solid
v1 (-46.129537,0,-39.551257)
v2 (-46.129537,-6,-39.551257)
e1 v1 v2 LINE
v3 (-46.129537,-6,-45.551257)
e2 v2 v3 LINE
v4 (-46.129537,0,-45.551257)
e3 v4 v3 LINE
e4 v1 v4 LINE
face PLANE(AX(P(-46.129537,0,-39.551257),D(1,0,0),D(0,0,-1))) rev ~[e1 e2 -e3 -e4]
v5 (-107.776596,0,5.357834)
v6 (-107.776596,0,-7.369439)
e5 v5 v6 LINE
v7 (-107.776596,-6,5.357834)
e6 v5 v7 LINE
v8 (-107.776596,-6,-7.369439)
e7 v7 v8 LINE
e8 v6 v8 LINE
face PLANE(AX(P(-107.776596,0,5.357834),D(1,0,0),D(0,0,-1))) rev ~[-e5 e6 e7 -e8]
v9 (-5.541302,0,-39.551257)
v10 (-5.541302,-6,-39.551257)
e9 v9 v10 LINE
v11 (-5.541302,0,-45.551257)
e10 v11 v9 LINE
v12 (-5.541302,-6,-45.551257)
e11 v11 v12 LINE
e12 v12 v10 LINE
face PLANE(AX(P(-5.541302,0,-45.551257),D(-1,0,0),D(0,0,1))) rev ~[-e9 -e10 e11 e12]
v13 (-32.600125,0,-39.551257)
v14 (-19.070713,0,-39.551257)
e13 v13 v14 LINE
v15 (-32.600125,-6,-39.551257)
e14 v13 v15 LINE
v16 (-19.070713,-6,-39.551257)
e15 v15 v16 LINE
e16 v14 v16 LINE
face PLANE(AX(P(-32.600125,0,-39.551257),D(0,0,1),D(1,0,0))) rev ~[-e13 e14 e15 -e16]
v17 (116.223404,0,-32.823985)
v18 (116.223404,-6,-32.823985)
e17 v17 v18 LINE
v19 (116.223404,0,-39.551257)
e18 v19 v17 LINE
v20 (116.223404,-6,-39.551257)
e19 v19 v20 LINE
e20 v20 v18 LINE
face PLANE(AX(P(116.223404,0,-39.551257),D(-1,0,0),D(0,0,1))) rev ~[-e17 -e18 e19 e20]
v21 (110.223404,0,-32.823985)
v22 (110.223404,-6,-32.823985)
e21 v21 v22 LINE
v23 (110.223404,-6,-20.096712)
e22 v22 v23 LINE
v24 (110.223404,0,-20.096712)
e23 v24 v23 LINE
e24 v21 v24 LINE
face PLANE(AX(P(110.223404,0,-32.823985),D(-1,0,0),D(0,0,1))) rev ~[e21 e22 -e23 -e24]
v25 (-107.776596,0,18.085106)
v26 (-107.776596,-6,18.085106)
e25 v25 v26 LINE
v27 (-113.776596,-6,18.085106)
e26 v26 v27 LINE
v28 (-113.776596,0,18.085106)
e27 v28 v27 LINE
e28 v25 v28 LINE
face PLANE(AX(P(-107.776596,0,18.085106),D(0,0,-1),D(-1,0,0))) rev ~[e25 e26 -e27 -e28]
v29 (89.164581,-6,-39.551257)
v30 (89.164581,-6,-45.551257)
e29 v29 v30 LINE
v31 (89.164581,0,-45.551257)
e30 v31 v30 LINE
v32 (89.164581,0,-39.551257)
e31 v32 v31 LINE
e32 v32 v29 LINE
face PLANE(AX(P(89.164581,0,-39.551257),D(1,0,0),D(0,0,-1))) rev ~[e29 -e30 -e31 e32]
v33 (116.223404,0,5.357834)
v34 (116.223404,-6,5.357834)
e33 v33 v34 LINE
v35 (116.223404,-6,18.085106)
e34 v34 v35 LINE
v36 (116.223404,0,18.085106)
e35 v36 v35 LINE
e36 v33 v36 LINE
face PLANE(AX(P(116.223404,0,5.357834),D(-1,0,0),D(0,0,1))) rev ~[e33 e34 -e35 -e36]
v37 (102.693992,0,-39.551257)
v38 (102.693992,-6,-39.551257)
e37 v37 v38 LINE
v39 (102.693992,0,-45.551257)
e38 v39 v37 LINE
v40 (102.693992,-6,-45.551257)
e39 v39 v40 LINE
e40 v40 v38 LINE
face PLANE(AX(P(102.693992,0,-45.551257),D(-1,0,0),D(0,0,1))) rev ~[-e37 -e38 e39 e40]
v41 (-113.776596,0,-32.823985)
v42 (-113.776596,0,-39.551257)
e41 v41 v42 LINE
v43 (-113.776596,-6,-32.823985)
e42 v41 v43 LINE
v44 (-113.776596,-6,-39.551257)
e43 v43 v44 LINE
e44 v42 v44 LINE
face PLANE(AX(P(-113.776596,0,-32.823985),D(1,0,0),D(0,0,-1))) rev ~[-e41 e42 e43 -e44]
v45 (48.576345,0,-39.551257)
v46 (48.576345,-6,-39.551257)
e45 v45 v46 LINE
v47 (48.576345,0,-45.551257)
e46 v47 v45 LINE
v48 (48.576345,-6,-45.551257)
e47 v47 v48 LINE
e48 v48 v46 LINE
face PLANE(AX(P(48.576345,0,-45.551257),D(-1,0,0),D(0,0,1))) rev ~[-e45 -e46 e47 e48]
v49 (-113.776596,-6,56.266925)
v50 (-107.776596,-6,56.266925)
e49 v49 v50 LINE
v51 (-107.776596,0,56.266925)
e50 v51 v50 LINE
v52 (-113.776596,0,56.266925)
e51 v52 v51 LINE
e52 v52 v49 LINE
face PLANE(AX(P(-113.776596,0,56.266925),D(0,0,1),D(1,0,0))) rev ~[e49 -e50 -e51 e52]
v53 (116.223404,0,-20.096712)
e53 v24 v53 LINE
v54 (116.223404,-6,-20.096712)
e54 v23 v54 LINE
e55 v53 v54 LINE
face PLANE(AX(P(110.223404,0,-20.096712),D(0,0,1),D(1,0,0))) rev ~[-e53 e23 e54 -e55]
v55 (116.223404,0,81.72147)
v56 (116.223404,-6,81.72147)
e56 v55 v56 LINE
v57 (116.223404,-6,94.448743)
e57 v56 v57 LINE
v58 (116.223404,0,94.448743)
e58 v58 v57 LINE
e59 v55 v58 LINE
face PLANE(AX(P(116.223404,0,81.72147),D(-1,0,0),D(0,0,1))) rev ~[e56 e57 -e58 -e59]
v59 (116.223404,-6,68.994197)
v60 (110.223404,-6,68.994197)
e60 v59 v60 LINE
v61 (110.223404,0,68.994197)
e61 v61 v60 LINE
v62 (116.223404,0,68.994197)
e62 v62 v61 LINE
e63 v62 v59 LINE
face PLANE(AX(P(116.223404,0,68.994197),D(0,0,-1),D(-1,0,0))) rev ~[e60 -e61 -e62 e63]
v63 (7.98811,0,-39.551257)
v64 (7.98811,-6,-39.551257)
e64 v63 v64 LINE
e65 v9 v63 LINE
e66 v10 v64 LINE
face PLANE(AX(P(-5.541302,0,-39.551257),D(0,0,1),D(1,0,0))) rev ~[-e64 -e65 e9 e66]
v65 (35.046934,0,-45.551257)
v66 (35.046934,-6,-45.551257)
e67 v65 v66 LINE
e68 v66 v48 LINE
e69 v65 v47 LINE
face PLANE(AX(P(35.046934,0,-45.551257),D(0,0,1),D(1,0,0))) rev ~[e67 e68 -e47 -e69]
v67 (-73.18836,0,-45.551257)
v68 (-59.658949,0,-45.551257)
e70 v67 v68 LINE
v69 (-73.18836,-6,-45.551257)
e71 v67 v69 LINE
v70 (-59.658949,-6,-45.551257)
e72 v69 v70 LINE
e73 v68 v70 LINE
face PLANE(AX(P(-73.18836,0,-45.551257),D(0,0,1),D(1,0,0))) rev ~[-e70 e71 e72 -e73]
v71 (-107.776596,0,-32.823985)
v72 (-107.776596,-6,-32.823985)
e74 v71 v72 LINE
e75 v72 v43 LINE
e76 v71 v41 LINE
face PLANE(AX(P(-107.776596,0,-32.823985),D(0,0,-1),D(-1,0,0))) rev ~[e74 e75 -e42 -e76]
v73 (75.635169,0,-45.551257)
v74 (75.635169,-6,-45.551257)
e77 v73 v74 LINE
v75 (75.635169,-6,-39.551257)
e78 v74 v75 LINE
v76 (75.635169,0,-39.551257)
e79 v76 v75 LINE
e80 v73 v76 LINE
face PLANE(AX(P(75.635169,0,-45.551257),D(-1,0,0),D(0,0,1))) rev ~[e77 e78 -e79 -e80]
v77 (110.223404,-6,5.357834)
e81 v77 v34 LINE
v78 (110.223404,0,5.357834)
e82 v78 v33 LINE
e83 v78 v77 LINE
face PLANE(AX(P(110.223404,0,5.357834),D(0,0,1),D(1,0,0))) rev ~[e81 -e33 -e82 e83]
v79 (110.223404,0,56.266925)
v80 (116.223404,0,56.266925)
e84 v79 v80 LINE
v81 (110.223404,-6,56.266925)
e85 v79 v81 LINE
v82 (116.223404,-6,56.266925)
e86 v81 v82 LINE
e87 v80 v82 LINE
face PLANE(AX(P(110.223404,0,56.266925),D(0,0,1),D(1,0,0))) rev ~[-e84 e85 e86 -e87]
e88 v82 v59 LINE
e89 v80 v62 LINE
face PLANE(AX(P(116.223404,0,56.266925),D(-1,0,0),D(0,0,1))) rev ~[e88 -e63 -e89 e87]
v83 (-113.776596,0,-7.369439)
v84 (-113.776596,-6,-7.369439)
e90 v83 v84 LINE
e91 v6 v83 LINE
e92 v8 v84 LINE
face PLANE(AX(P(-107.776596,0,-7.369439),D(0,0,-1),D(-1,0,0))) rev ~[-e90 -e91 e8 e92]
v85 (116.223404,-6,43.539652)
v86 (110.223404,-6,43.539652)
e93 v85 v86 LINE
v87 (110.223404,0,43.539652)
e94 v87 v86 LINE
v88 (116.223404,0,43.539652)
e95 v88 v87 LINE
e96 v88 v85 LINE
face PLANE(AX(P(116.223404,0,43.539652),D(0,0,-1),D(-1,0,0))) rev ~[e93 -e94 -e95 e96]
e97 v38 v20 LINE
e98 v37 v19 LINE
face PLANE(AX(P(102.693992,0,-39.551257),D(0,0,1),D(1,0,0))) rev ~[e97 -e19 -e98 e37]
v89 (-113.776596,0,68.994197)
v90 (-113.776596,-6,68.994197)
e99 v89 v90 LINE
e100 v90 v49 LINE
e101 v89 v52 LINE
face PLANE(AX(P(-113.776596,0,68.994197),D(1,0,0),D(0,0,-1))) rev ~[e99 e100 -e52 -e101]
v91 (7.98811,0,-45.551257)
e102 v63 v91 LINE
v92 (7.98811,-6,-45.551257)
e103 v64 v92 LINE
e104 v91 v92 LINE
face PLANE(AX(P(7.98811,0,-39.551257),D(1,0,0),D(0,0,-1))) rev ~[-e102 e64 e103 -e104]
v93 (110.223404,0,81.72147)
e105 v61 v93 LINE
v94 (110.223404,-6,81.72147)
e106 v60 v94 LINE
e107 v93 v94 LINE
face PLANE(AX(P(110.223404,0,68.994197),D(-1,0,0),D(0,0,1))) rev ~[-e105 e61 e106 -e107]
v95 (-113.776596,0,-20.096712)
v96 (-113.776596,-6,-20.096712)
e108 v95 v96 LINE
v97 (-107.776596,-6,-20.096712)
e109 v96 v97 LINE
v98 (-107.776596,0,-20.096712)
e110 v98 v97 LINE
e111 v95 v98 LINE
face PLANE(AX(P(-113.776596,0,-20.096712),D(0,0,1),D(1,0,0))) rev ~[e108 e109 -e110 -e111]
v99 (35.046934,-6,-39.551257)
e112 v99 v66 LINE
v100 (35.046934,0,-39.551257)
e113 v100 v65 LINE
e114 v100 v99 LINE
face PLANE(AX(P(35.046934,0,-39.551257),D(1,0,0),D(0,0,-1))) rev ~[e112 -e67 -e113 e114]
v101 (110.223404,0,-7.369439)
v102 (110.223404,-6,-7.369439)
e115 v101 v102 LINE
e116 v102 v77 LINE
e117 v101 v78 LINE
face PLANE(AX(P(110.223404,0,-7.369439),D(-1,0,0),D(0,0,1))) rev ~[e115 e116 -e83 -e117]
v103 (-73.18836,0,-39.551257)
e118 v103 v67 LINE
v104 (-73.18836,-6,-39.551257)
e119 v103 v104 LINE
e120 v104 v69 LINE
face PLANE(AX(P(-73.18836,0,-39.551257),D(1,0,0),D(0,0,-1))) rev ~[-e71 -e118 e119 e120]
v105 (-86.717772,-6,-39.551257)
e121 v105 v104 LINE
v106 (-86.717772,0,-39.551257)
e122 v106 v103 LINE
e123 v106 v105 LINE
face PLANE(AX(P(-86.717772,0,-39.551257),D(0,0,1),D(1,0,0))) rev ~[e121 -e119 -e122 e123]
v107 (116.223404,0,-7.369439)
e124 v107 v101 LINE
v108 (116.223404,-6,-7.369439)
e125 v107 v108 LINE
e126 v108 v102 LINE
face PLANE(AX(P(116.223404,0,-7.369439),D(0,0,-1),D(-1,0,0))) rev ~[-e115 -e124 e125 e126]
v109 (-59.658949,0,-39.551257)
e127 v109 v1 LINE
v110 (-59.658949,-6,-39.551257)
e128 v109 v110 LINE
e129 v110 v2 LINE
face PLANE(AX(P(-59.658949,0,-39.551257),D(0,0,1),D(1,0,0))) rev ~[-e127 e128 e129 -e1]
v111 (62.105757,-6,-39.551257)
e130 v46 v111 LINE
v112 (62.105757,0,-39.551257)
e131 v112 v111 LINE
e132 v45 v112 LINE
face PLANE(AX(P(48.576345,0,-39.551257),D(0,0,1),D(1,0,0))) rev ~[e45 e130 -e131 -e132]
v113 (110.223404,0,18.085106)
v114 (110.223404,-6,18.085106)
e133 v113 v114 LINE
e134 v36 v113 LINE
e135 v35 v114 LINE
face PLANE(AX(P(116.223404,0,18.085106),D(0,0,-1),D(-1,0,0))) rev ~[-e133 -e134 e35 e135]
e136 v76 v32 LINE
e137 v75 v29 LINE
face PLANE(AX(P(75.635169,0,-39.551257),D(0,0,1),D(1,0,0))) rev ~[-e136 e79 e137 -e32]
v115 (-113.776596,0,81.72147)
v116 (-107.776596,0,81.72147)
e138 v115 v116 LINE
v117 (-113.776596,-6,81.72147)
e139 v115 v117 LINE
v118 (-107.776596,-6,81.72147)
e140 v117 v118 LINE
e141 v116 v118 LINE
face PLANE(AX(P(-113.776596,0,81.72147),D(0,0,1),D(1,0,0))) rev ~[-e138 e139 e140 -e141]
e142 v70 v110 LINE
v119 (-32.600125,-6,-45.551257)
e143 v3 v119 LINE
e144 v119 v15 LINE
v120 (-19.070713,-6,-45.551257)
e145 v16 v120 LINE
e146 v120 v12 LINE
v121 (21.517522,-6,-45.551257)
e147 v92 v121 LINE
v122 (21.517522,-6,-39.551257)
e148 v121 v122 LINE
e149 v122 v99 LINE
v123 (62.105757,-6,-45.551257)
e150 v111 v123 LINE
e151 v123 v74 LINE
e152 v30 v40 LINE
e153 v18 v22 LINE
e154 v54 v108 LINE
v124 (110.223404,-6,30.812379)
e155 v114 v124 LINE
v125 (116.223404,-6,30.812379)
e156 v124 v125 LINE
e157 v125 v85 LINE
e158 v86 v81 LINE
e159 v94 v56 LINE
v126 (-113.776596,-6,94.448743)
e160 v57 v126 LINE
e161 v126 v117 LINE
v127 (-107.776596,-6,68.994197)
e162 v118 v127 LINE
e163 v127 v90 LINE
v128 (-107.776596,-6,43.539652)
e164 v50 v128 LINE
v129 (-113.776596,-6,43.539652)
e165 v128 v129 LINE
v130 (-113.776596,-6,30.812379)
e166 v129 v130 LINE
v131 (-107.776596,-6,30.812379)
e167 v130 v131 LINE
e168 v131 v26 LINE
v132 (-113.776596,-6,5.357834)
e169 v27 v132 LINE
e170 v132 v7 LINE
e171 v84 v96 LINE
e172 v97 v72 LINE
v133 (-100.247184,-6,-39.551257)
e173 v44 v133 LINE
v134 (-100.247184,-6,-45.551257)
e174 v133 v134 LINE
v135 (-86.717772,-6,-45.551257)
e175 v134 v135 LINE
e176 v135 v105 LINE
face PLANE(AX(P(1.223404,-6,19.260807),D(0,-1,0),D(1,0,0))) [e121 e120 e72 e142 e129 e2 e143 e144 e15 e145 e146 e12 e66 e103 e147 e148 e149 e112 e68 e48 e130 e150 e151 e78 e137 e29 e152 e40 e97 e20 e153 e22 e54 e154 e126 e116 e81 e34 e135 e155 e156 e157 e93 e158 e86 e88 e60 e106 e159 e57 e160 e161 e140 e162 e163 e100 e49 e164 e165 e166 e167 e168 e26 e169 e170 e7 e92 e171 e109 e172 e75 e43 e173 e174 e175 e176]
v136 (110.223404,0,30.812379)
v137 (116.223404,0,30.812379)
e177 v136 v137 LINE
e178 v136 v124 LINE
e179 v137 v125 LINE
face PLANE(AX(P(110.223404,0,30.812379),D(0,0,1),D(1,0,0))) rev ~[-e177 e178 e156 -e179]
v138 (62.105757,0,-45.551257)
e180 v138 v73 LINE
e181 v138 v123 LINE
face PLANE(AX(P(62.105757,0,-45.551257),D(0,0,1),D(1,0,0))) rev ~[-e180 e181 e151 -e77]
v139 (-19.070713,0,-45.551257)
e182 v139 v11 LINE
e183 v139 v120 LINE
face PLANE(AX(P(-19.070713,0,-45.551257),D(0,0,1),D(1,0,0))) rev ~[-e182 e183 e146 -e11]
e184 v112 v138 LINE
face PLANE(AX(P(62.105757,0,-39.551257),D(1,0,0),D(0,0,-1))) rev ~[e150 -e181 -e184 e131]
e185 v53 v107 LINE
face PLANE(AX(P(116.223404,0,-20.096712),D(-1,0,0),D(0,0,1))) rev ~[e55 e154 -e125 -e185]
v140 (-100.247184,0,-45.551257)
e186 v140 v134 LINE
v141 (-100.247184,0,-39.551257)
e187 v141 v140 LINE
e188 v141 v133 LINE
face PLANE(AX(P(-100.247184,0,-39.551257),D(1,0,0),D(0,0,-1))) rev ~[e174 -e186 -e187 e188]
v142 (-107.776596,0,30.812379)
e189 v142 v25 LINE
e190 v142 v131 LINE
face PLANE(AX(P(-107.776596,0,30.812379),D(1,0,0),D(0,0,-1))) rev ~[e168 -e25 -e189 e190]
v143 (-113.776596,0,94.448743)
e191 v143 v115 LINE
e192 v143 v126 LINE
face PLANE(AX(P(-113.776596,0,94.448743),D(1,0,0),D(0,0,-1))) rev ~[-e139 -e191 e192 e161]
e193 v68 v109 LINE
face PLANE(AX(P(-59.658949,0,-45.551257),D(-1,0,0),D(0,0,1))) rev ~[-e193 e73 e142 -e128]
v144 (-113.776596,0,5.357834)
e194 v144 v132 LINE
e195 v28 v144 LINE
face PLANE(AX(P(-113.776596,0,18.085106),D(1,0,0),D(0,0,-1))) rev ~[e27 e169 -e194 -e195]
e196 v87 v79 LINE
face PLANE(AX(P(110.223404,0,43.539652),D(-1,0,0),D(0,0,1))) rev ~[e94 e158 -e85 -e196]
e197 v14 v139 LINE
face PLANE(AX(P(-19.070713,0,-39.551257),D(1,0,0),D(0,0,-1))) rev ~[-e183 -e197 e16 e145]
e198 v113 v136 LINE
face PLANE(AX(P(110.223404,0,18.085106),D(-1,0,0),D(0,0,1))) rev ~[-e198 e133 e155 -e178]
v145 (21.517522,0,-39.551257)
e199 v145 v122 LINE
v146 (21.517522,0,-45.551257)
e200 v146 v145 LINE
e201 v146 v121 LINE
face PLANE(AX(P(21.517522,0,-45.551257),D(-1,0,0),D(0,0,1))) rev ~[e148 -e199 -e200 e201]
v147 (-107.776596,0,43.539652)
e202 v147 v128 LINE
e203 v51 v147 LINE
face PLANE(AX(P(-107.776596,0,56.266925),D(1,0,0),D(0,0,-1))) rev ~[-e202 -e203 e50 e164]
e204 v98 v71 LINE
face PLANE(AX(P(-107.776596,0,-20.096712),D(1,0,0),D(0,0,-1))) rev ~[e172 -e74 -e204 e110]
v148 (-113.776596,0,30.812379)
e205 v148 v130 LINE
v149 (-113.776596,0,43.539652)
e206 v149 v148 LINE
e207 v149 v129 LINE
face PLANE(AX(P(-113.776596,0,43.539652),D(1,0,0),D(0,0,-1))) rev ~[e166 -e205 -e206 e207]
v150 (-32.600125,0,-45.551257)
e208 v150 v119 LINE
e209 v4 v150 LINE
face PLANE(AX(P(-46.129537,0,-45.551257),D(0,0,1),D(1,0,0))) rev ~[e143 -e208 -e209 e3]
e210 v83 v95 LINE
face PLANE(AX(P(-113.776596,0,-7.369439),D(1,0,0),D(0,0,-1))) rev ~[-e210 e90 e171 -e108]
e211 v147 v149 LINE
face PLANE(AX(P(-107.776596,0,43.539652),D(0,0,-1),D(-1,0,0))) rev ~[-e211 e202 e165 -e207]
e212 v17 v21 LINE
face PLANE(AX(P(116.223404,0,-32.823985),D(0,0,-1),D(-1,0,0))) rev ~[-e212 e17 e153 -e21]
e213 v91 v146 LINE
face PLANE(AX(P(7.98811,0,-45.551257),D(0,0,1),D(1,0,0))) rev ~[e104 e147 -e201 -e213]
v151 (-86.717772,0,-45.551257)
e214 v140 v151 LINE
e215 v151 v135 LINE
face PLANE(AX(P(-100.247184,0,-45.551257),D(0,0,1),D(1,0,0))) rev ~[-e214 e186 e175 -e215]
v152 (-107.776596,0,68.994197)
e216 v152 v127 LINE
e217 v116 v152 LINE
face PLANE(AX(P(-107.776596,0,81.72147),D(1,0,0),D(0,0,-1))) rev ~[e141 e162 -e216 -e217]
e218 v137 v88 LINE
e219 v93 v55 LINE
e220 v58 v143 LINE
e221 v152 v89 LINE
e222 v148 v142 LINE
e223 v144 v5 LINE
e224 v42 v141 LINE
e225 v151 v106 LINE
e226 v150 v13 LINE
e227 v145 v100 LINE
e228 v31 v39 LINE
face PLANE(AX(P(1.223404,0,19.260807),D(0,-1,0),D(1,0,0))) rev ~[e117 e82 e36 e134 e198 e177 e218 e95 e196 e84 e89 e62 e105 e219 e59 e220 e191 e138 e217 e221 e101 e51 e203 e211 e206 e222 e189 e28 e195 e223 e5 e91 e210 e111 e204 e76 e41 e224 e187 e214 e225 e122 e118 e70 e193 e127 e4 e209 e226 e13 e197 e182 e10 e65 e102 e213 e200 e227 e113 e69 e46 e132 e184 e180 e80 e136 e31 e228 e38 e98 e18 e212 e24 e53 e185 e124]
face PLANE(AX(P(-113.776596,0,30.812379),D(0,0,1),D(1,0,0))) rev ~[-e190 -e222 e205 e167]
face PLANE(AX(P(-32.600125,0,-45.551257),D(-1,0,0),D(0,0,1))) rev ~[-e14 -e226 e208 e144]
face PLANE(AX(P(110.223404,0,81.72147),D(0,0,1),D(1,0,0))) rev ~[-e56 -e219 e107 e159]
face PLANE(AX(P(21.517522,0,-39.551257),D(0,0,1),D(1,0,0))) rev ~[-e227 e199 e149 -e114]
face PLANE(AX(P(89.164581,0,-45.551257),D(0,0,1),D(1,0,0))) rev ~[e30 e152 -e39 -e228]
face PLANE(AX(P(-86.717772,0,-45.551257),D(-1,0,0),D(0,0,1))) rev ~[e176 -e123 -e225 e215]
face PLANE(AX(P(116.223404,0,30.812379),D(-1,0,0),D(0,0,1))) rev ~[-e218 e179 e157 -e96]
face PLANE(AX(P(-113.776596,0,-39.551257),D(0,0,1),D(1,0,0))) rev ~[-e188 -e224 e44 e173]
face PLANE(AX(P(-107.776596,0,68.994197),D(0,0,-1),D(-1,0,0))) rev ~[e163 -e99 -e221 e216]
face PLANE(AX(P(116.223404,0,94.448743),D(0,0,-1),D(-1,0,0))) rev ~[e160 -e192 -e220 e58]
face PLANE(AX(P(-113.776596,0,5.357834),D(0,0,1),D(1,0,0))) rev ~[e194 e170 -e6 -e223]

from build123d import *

# Parameters (mm, degrees)
F1_DEPTH = 6


with BuildPart() as f1:
    # F0 (on Front) → F1 (new body)
    with BuildSketch(Plane.XZ):
        Polygon((-100.247184, -39.551257), (-100.247184, -45.551257), (-86.717772, -45.551257), (-86.717772, -39.551257), (-73.18836, -39.551257), (-73.18836, -45.551257), (-59.658949, -45.551257), (-59.658949, -39.551257), (-46.129537, -39.551257), (-46.129537, -45.551257), (-32.600125, -45.551257), (-32.600125, -39.551257), (-19.070713, -39.551257), (-19.070713, -45.551257), (-5.541302, -45.551257), (-5.541302, -39.551257), (7.98811, -39.551257), (7.98811, -45.551257), (21.517522, -45.551257), (21.517522, -39.551257), (35.046934, -39.551257), (35.046934, -45.551257), (48.576345, -45.551257), (48.576345, -39.551257), (62.105757, -39.551257), (62.105757, -45.551257), (75.635169, -45.551257), (75.635169, -39.551257), (89.164581, -39.551257), (89.164581, -45.551257), (102.693992, -45.551257), (102.693992, -39.551257), (116.223404, -39.551257), (116.223404, -32.823985), (110.223404, -32.823985), (110.223404, -20.096712), (116.223404, -20.096712), (116.223404, -7.369439), (110.223404, -7.369439), (110.223404, 5.357834), (116.223404, 5.357834), (116.223404, 18.085106), (110.223404, 18.085106), (110.223404, 30.812379), (116.223404, 30.812379), (116.223404, 43.539652), (110.223404, 43.539652), (110.223404, 56.266925), (116.223404, 56.266925), (116.223404, 68.994197), (110.223404, 68.994197), (110.223404, 81.72147), (116.223404, 81.72147), (116.223404, 94.448743), (-113.776596, 94.448743), (-113.776596, 81.72147), (-107.776596, 81.72147), (-107.776596, 68.994197), (-113.776596, 68.994197), (-113.776596, 56.266925), (-107.776596, 56.266925), (-107.776596, 43.539652), (-113.776596, 43.539652), (-113.776596, 30.812379), (-107.776596, 30.812379), (-107.776596, 18.085106), (-113.776596, 18.085106), (-113.776596, 5.357834), (-107.776596, 5.357834), (-107.776596, -7.369439), (-113.776596, -7.369439), (-113.776596, -20.096712), (-107.776596, -20.096712), (-107.776596, -32.823985), (-113.776596, -32.823985), (-113.776596, -39.551257), align=None)
    extrude(amount=F1_DEPTH)


solid = f1.part
